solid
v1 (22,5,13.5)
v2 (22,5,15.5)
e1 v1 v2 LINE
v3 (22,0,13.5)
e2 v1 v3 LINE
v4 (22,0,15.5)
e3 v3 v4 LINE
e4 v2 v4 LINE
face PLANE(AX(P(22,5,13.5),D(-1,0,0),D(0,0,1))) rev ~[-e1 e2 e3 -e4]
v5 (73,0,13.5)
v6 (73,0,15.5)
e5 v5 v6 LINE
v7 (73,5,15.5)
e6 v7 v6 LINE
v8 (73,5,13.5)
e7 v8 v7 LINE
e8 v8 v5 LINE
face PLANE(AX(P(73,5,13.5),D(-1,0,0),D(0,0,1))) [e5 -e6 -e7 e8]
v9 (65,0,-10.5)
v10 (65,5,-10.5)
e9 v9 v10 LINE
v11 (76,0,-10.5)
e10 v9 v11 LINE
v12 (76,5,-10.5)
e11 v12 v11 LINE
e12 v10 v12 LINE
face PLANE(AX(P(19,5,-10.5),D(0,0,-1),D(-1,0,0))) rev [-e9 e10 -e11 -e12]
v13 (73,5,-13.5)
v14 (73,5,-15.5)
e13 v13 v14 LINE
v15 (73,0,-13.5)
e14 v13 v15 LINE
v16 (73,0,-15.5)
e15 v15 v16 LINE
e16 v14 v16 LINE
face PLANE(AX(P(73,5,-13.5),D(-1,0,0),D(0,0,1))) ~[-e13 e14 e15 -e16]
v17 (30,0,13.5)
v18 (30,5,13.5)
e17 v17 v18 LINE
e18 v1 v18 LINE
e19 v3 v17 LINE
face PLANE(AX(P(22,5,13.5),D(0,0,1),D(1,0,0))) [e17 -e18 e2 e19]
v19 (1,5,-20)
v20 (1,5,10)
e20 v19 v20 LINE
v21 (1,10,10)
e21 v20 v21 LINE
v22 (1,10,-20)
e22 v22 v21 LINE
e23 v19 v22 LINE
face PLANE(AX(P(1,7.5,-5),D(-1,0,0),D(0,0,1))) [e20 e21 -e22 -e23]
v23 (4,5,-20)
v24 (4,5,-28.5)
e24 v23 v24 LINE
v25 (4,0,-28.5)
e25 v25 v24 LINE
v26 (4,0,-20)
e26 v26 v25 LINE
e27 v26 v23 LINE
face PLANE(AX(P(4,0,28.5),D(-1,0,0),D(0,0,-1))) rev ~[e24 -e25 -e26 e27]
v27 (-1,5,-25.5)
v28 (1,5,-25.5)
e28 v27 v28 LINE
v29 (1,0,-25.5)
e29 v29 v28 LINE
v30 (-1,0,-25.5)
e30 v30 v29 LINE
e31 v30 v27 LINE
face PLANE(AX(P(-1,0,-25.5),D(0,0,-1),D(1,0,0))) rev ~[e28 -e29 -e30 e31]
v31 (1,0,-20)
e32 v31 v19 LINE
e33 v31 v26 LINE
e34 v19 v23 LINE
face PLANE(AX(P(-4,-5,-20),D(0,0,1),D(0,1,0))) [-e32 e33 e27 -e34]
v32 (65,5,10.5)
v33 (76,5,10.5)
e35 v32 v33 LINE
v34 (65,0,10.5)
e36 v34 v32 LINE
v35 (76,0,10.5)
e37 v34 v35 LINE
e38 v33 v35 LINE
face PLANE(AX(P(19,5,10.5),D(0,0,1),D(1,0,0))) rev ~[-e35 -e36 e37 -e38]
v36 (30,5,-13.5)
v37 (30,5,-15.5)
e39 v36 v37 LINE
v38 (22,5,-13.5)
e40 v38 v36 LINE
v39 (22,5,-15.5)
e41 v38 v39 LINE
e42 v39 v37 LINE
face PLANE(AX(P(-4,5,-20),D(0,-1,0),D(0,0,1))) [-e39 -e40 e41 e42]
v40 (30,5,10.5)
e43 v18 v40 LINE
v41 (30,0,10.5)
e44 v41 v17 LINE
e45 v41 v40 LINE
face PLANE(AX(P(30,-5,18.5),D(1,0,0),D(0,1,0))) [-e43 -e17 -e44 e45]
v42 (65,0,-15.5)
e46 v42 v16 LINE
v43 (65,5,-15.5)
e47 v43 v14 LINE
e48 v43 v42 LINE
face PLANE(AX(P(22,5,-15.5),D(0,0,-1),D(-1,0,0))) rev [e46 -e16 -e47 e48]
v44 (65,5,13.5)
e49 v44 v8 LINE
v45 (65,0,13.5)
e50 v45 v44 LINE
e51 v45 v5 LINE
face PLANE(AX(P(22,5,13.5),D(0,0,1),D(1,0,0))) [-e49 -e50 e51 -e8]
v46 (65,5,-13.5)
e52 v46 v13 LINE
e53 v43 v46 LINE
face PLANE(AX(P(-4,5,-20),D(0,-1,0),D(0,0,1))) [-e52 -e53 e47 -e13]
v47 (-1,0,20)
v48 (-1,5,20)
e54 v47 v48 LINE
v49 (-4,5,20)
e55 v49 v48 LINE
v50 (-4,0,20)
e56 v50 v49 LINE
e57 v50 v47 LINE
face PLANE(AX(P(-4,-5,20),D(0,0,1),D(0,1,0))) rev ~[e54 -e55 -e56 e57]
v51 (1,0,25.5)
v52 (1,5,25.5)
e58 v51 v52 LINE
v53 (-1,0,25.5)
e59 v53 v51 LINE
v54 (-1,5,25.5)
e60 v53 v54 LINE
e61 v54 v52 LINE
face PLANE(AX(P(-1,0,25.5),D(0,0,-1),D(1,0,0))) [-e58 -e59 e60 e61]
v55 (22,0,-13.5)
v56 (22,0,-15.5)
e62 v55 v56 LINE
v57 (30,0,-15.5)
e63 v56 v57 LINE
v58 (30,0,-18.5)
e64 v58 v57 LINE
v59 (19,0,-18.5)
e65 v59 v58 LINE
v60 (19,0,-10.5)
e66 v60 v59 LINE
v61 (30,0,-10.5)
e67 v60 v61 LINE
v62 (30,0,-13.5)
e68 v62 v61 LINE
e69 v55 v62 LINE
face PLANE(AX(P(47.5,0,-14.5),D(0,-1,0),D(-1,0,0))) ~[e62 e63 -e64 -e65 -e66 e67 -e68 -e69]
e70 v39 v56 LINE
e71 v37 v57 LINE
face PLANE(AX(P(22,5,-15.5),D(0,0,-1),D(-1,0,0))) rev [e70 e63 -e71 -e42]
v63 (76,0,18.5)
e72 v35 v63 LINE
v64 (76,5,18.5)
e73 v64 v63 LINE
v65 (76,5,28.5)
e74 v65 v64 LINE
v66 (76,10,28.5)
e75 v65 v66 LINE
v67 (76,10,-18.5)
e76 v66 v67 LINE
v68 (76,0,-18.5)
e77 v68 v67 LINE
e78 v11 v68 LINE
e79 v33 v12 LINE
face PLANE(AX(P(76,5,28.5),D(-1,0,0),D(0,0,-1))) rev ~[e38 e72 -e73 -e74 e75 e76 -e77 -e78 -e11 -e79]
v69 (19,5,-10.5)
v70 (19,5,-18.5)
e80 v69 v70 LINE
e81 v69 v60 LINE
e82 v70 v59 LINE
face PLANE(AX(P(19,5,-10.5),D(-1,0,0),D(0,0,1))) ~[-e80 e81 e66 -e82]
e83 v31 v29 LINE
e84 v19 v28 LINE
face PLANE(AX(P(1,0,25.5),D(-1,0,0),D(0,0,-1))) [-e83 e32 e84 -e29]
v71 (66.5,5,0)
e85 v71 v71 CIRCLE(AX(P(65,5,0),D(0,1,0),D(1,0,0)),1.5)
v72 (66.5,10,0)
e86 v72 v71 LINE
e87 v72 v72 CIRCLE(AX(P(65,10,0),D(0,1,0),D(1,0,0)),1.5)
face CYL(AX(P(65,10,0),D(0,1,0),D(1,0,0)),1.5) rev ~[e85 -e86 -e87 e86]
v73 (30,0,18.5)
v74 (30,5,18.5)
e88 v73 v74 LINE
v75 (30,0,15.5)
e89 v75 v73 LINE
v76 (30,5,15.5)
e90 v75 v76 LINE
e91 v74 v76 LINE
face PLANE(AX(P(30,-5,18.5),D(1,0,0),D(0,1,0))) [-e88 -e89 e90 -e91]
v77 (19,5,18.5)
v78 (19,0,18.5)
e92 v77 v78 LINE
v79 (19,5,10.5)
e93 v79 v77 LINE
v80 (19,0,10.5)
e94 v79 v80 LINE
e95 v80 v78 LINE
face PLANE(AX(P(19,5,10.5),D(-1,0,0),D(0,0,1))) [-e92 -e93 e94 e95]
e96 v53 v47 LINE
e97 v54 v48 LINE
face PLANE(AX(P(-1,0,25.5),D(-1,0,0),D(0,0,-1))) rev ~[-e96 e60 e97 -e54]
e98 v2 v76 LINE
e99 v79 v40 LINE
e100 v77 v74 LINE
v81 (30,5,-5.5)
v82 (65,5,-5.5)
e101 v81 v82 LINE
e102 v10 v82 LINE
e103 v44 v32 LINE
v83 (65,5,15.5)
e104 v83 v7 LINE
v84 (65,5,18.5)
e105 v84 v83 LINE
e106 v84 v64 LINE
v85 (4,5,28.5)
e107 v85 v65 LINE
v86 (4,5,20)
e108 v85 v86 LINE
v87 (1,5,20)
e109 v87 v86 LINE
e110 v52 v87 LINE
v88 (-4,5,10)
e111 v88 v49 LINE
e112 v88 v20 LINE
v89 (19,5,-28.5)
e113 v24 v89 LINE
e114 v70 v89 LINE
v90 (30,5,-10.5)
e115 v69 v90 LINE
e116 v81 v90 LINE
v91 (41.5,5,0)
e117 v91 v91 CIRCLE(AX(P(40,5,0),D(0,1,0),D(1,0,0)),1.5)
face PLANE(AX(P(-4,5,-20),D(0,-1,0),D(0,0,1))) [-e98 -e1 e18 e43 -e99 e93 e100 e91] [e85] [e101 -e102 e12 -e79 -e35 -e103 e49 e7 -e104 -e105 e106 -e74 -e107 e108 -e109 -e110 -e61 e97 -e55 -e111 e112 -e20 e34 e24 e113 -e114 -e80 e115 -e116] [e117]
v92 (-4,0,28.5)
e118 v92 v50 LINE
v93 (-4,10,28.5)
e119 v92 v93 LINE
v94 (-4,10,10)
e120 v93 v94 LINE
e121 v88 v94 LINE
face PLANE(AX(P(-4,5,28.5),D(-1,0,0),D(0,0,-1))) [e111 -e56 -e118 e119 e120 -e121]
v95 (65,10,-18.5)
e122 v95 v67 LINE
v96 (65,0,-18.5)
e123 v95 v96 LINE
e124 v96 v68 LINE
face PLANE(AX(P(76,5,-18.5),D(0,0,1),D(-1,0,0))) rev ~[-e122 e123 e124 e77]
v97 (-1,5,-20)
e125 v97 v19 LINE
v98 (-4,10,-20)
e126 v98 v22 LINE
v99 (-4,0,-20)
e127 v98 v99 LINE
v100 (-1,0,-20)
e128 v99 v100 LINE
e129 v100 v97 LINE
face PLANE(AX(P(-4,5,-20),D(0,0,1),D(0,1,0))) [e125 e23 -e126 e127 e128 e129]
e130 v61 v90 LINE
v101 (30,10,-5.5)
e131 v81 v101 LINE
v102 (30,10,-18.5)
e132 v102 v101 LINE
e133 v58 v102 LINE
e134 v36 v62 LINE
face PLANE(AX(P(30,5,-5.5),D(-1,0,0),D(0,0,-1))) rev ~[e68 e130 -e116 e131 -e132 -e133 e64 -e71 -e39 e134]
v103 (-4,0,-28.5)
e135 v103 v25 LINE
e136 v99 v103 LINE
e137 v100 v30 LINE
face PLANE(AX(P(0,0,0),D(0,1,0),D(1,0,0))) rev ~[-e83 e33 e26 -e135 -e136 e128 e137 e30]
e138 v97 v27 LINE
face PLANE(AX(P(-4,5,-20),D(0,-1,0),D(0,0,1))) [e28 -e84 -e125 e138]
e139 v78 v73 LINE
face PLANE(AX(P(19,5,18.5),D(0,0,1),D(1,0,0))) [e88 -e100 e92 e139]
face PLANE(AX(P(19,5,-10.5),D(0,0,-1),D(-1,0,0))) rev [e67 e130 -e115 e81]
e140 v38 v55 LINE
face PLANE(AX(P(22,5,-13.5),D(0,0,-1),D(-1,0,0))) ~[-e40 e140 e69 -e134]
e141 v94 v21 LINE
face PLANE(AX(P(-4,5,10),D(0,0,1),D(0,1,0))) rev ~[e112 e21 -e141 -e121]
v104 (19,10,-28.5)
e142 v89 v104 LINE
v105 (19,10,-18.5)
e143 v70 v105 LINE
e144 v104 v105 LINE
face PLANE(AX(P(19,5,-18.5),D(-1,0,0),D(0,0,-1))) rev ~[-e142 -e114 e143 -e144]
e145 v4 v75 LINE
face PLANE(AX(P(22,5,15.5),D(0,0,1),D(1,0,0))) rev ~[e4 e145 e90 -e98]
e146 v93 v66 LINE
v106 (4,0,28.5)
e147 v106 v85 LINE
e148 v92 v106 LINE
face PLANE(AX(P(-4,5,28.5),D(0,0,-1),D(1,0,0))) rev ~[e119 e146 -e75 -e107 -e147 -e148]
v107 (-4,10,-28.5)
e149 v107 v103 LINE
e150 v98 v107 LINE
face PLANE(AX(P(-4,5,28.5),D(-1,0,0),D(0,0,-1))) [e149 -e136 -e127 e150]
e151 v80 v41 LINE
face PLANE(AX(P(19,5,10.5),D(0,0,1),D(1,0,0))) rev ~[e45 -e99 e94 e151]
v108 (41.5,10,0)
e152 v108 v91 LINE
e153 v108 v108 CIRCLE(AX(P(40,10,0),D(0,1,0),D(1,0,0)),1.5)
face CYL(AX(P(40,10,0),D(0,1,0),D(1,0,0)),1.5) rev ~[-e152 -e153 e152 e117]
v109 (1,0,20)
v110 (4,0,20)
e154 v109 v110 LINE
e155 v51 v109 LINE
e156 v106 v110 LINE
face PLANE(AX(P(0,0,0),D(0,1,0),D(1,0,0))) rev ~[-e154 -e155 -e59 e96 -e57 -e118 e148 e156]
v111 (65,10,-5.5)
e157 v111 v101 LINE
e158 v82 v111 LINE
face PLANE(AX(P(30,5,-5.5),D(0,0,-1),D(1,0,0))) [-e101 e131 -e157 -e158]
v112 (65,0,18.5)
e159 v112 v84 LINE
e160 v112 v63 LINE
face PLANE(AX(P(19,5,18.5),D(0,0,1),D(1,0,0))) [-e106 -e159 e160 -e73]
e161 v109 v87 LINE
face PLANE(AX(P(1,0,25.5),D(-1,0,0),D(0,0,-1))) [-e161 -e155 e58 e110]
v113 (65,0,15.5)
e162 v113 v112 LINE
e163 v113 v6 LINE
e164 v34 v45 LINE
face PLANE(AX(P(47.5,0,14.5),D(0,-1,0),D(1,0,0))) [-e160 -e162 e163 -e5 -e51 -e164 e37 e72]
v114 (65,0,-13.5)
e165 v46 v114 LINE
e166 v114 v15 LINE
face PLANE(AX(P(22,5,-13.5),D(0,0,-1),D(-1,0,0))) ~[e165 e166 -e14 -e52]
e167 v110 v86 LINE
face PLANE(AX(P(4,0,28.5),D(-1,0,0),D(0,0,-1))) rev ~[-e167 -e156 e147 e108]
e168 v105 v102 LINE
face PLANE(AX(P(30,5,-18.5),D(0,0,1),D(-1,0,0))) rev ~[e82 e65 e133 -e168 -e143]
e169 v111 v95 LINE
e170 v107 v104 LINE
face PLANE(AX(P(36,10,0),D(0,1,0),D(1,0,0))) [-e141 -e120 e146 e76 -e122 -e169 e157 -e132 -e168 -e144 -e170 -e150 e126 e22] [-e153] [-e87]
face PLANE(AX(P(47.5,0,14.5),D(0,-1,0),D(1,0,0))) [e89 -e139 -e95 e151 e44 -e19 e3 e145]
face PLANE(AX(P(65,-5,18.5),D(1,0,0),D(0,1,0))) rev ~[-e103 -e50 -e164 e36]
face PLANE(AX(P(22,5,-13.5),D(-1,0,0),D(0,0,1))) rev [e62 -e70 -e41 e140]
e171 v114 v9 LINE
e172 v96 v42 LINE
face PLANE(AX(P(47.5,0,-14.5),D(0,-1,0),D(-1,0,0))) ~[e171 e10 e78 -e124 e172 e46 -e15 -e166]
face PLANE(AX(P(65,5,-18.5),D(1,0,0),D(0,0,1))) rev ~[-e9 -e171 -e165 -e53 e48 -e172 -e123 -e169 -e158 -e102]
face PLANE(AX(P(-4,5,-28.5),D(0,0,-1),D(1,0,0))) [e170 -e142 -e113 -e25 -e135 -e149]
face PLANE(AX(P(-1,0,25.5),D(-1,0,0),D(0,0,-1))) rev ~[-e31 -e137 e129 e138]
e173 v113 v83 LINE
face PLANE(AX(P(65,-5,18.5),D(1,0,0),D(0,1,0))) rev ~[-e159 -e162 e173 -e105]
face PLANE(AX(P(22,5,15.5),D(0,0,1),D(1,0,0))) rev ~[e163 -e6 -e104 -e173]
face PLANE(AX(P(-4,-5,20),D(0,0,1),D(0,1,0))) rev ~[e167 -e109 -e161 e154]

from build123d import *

# Parameters (mm, degrees)
SKETCH1_W               = 8
SKETCH1_H               = 57
SKETCH1_W_2             = 2
SKETCH1_H_2             = 51
BOSS_EXTRUDE1_DEPTH     = 5
SKETCH2_W               = 80
SKETCH2_H               = 57
BOSS_EXTRUDE2_DEPTH     = 5
SKETCH3_W               = 40
SKETCH3_H               = 10
CUT_EXTRUDE1_DEPTH      = 8
SKETCH4_W               = 57
SKETCH4_H               = 8
SKETCH4_W_2             = 51
SKETCH4_H_2             = 2
BOSS_EXTRUDE3_DEPTH     = 5
SKETCH5_W               = 35
SKETCH5_H               = 10
CUT_EXTRUDE2_DEPTH      = 8
SKETCH6_W               = 35
SKETCH6_H               = 5
CUT_EXTRUDE3_DEPTH      = 6
CUT_EXTRUDE3_DEPTH_BACK = 6
SKETCH7_W               = 30
SKETCH7_H               = 5
CUT_EXTRUDE5_DEPTH      = 5
SKETCH8_R               = 1.5
CUT_EXTRUDE6_DEPTH      = 1
CUT_EXTRUDE6_DEPTH_BACK = 11


with BuildPart() as part:
    # Sketch1 → Boss-Extrude1 (new body)
    with BuildSketch(Plane(origin=(0, 0, 0), x_dir=(1, 0, 0), z_dir=(0, 1, 0))):
        Rectangle(SKETCH1_W, SKETCH1_H)
        Rectangle(SKETCH1_W_2, SKETCH1_H_2, mode=Mode.SUBTRACT)
    extrude(amount=BOSS_EXTRUDE1_DEPTH)

    # Sketch2 → Boss-Extrude2 (add)
    with BuildSketch(Plane(origin=(0, 5, 0), x_dir=(1, 0, 0), z_dir=(0, 1, 0))):
        with Locations((36, 0)):
            Rectangle(SKETCH2_W, SKETCH2_H)
    extrude(amount=BOSS_EXTRUDE2_DEPTH)

    # Sketch3 → Cut-Extrude1 (cut)
    with BuildSketch(Plane.ZY.offset(4)):
        Rectangle(SKETCH3_W, SKETCH3_H)
    extrude(amount=-CUT_EXTRUDE1_DEPTH, mode=Mode.SUBTRACT)

    # Sketch4 → Boss-Extrude3 (add)
    with BuildSketch(Plane.XZ.offset(-5)):
        with Locations((47.5, 14.5)):
            Rectangle(SKETCH4_W, SKETCH4_H)
        with Locations((47.5, 14.5)):
            Rectangle(SKETCH4_W_2, SKETCH4_H_2, mode=Mode.SUBTRACT)
    boss_extrude3 = extrude(amount=BOSS_EXTRUDE3_DEPTH)

    # Sketch5 → Cut-Extrude2 (cut)
    with BuildSketch(Plane.XY.offset(18.5)):
        with Locations((47.5, 0)):
            Rectangle(SKETCH5_W, SKETCH5_H)
    cut_extrude2 = extrude(amount=-CUT_EXTRUDE2_DEPTH, mode=Mode.SUBTRACT)

    # Mirror2: Boss-Extrude3, Cut-Extrude2 across plane
    add(boss_extrude3.mirror(Plane.XY))
    add(cut_extrude2.mirror(Plane.XY), mode=Mode.SUBTRACT)

    # Sketch6 → Cut-Extrude3 (cut, two sides)
    with BuildSketch(Plane.XZ.offset(-5)) as cut_extrude3_sk:
        Polygon((30, -18.5), (65, -18.5), (65, -15.5), (65, -13.5), (65, -10.5), (30, -10.5), (30, -13.5), (30, -15.5), align=None)
        Polygon((19, -28.5), (76, -28.5), (76, -18.5), (65, -18.5), (30, -18.5), (19, -18.5), align=None)
        with Locations((47.5, -8)):
            Rectangle(SKETCH6_W, SKETCH6_H)
    extrude(amount=CUT_EXTRUDE3_DEPTH, mode=Mode.SUBTRACT)
    extrude(cut_extrude3_sk.sketch, amount=-CUT_EXTRUDE3_DEPTH_BACK, mode=Mode.SUBTRACT)

    # Sketch7 → Cut-Extrude5 (cut)
    with BuildSketch(Plane.ZY.offset(4)):
        with Locations((-5, 7.5)):
            Rectangle(SKETCH7_W, SKETCH7_H)
    extrude(amount=-CUT_EXTRUDE5_DEPTH, mode=Mode.SUBTRACT)

    # Sketch8 → Cut-Extrude6 (cut, two sides)
    with BuildSketch(Plane(origin=(0, 10, 0), x_dir=(1, 0, 0), z_dir=(0, 1, 0))) as cut_extrude6_sk:
        with Locations((65, 0)):
            Circle(SKETCH8_R)
        with Locations((40, 0)):
            Circle(SKETCH8_R)
    extrude(amount=CUT_EXTRUDE6_DEPTH, mode=Mode.SUBTRACT)
    extrude(cut_extrude6_sk.sketch, amount=-CUT_EXTRUDE6_DEPTH_BACK, mode=Mode.SUBTRACT)


solid = part.part
